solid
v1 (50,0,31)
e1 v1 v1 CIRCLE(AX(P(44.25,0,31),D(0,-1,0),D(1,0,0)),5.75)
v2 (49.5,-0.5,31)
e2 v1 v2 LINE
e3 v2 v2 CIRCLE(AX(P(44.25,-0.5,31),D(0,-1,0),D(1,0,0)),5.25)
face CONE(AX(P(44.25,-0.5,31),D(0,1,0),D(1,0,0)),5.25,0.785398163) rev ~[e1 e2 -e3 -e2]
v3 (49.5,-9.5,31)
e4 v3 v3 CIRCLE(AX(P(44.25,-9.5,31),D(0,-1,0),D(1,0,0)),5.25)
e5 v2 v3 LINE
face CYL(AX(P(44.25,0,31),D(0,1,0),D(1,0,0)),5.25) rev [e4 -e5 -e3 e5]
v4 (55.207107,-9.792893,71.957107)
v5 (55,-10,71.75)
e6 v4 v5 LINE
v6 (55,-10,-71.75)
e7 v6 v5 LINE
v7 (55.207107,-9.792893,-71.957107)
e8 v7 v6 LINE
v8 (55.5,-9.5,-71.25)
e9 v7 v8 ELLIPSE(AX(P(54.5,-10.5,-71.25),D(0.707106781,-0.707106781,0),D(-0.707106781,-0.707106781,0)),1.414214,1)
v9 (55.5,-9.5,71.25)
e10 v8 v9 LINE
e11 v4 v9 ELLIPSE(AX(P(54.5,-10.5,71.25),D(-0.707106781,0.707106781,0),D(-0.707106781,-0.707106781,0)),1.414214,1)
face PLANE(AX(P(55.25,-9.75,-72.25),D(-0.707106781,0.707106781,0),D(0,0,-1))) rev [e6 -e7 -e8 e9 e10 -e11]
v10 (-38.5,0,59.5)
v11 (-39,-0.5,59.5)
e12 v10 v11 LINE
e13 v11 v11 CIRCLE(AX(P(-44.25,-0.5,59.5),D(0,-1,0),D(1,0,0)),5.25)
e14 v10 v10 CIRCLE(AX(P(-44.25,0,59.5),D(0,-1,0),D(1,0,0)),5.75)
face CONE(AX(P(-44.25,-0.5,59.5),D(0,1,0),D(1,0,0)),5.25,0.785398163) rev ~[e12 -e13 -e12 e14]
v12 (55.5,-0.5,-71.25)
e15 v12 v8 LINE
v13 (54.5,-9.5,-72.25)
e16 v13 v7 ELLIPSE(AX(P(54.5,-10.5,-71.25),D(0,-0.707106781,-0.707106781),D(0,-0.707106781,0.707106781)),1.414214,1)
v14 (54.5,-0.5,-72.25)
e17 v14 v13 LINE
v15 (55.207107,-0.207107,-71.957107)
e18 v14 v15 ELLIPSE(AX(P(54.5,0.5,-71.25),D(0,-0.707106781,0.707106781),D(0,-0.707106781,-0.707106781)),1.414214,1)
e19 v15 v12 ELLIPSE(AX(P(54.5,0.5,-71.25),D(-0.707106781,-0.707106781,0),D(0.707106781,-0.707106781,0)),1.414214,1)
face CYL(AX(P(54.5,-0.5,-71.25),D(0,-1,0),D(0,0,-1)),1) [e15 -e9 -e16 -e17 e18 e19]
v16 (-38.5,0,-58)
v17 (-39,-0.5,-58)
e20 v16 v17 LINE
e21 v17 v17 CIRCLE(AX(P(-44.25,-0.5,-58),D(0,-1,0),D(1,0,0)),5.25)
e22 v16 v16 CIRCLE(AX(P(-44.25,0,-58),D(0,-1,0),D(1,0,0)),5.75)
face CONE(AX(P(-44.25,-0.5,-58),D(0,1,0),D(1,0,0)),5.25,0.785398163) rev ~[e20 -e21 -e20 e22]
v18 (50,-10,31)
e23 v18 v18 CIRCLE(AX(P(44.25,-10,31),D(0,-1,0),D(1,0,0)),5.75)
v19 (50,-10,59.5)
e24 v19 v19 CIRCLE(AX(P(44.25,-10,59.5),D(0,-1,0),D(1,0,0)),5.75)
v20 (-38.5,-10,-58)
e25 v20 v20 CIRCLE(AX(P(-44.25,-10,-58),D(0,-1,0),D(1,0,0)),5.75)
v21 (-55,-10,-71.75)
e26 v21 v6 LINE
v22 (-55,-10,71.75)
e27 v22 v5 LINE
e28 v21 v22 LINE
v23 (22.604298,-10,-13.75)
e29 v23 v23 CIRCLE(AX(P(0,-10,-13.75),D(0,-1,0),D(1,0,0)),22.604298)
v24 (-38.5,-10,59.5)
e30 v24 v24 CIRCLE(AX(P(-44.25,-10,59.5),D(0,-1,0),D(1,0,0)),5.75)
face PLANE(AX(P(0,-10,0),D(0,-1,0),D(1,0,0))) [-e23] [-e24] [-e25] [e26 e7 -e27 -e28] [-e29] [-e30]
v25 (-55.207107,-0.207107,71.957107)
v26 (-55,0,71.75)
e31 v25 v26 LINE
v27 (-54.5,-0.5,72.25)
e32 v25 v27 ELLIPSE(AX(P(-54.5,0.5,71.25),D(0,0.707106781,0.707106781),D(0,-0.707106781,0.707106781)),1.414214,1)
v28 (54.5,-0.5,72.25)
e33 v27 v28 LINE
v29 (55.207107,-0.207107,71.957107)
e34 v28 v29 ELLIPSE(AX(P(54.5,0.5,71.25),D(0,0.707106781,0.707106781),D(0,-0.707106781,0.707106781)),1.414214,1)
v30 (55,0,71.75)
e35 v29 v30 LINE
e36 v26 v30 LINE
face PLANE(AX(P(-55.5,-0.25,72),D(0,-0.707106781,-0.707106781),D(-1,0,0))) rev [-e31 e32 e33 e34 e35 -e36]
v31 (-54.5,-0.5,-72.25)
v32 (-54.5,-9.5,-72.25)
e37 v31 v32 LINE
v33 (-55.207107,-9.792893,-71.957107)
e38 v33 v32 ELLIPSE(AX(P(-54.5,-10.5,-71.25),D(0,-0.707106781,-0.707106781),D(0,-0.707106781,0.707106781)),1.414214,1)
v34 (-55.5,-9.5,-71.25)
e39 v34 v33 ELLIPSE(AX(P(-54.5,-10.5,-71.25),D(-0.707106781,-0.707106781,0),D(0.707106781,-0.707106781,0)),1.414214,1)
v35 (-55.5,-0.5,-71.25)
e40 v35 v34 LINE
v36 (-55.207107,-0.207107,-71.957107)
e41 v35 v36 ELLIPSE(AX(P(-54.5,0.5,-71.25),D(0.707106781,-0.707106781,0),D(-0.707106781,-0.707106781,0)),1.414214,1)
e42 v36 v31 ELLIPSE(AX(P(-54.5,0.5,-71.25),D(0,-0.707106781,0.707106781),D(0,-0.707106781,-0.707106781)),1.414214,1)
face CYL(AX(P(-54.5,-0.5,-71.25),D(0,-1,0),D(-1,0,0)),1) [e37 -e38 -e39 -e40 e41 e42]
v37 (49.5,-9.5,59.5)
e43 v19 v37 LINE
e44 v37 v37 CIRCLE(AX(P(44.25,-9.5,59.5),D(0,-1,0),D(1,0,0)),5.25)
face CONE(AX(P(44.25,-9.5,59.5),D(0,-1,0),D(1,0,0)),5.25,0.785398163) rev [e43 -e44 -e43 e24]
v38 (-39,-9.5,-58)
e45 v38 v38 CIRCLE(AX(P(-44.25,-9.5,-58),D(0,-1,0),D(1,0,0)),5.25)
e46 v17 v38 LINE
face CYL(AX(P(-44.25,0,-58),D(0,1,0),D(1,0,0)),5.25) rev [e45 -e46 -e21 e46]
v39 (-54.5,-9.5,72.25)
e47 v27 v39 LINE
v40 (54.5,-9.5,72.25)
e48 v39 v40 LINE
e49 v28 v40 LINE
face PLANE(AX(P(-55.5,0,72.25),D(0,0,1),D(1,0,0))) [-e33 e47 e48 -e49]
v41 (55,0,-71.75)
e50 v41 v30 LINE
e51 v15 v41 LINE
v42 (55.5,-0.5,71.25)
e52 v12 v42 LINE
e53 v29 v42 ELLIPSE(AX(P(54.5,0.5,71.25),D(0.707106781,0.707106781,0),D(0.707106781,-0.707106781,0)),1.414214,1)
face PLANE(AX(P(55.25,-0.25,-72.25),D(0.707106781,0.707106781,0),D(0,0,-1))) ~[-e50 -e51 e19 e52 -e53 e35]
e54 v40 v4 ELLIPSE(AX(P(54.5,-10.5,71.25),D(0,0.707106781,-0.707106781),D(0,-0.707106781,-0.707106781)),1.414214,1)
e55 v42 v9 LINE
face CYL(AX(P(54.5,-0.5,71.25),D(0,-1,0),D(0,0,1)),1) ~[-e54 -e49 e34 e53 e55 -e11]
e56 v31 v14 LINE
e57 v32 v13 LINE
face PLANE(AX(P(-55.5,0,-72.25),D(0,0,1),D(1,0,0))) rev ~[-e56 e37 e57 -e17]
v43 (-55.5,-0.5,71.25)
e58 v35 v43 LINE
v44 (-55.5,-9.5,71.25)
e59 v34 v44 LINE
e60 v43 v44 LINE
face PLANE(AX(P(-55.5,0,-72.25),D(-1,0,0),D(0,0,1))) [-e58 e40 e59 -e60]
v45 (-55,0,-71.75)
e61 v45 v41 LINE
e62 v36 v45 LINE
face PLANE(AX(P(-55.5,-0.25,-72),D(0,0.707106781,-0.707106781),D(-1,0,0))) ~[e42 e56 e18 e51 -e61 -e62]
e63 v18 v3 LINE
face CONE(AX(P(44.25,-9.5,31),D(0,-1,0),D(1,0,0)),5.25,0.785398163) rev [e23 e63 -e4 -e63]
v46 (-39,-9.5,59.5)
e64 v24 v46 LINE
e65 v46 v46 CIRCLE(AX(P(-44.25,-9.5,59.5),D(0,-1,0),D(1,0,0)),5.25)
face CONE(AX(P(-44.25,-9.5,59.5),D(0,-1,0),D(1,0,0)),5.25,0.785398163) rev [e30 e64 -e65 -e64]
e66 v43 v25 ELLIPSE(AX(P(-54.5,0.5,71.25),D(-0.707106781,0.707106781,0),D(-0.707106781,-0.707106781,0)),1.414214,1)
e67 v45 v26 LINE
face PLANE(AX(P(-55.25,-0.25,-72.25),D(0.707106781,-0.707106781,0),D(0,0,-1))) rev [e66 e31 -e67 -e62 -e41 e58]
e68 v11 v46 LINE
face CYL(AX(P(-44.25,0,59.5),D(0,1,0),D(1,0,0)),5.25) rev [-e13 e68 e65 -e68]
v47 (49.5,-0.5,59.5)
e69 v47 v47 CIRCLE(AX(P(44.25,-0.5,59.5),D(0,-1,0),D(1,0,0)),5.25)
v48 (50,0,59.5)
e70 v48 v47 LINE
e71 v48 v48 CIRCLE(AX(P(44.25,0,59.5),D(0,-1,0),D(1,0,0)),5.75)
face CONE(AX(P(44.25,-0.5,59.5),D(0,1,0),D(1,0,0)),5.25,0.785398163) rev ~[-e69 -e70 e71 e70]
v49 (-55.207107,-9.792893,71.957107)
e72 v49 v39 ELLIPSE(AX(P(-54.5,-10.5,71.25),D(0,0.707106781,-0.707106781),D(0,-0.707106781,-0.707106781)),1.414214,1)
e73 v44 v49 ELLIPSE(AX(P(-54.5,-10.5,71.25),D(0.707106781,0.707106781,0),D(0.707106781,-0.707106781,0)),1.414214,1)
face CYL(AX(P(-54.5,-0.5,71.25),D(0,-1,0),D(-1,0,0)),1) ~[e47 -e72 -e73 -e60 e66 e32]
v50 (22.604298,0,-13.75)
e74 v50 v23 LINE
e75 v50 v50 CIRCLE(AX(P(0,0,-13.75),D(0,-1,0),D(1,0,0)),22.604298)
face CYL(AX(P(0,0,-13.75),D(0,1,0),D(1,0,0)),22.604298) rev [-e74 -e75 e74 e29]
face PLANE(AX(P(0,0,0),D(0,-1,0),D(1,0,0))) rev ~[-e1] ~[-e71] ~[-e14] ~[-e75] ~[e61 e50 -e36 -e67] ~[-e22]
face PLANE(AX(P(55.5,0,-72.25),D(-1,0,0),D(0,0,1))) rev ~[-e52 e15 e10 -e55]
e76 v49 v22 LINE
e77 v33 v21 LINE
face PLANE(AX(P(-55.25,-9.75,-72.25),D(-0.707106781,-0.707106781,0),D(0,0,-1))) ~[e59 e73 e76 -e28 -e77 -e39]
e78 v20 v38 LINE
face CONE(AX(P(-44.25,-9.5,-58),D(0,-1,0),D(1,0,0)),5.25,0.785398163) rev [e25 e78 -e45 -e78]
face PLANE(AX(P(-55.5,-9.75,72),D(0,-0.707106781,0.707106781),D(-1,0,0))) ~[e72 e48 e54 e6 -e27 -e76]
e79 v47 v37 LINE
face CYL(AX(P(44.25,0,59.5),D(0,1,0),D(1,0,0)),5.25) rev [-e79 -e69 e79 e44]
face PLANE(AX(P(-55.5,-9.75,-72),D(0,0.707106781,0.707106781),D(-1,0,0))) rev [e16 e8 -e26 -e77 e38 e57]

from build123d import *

# Parameters (mm, degrees)
F0_W     = 111
F0_H     = 144.5
F0_R     = 5.25
F0_R_2   = 22.604298
F1_DEPTH = 10
F2_SIZE  = 0.5
F3_R     = 1
F4_SIZE  = 0.5


with BuildPart() as f1:
    # F0 (on Front) → F1 (new body)
    with BuildSketch(Plane.XZ):
        Rectangle(F0_W, F0_H)
        with Locations((-44.25, -58)):
            Circle(F0_R, mode=Mode.SUBTRACT)
        with Locations((0, -13.75)):
            Circle(F0_R_2, mode=Mode.SUBTRACT)
        with Locations((-44.25, 59.5)):
            Circle(F0_R, mode=Mode.SUBTRACT)
        with Locations((44.25, 31)):
            Circle(F0_R, mode=Mode.SUBTRACT)
        with Locations((44.25, 59.5)):
            Circle(F0_R, mode=Mode.SUBTRACT)
    extrude(amount=F1_DEPTH)

    # F2
    f2_edges = [f1.edges().sort_by_distance(p)[0] for p in [
        (0, -10, -72.25),
        (-55.5, -10, 0),
        (0, -10, 72.25),
        (55.5, -10, 0),
        (0, 0, -72.25),
        (55.5, 0, 0),
        (-55.5, 0, 0),
        (0, 0, 72.25),
    ]]
    chamfer(f2_edges, length=F2_SIZE)

    # F3
    f3_edges = [f1.edges().sort_by_distance(p)[0] for p in [
        (55.5, -5, 72.25),
        (55.5, -5, -72.25),
        (-55.5, -5, -72.25),
        (-55.5, -5, 72.25),
    ]]
    fillet(f3_edges, radius=F3_R)

    # F4
    f4_edges = [f1.edges().sort_by_distance(p)[0] for p in [
        (-49.5, 0, 59.5),
        (39, 0, 59.5),
        (39, 0, 31),
        (-49.5, 0, -58),
        (-49.5, -10, 59.5),
        (-49.5, -10, -58),
        (39, -10, 31),
        (39, -10, 59.5),
    ]]
    chamfer(f4_edges, length=F4_SIZE)


solid = f1.part
